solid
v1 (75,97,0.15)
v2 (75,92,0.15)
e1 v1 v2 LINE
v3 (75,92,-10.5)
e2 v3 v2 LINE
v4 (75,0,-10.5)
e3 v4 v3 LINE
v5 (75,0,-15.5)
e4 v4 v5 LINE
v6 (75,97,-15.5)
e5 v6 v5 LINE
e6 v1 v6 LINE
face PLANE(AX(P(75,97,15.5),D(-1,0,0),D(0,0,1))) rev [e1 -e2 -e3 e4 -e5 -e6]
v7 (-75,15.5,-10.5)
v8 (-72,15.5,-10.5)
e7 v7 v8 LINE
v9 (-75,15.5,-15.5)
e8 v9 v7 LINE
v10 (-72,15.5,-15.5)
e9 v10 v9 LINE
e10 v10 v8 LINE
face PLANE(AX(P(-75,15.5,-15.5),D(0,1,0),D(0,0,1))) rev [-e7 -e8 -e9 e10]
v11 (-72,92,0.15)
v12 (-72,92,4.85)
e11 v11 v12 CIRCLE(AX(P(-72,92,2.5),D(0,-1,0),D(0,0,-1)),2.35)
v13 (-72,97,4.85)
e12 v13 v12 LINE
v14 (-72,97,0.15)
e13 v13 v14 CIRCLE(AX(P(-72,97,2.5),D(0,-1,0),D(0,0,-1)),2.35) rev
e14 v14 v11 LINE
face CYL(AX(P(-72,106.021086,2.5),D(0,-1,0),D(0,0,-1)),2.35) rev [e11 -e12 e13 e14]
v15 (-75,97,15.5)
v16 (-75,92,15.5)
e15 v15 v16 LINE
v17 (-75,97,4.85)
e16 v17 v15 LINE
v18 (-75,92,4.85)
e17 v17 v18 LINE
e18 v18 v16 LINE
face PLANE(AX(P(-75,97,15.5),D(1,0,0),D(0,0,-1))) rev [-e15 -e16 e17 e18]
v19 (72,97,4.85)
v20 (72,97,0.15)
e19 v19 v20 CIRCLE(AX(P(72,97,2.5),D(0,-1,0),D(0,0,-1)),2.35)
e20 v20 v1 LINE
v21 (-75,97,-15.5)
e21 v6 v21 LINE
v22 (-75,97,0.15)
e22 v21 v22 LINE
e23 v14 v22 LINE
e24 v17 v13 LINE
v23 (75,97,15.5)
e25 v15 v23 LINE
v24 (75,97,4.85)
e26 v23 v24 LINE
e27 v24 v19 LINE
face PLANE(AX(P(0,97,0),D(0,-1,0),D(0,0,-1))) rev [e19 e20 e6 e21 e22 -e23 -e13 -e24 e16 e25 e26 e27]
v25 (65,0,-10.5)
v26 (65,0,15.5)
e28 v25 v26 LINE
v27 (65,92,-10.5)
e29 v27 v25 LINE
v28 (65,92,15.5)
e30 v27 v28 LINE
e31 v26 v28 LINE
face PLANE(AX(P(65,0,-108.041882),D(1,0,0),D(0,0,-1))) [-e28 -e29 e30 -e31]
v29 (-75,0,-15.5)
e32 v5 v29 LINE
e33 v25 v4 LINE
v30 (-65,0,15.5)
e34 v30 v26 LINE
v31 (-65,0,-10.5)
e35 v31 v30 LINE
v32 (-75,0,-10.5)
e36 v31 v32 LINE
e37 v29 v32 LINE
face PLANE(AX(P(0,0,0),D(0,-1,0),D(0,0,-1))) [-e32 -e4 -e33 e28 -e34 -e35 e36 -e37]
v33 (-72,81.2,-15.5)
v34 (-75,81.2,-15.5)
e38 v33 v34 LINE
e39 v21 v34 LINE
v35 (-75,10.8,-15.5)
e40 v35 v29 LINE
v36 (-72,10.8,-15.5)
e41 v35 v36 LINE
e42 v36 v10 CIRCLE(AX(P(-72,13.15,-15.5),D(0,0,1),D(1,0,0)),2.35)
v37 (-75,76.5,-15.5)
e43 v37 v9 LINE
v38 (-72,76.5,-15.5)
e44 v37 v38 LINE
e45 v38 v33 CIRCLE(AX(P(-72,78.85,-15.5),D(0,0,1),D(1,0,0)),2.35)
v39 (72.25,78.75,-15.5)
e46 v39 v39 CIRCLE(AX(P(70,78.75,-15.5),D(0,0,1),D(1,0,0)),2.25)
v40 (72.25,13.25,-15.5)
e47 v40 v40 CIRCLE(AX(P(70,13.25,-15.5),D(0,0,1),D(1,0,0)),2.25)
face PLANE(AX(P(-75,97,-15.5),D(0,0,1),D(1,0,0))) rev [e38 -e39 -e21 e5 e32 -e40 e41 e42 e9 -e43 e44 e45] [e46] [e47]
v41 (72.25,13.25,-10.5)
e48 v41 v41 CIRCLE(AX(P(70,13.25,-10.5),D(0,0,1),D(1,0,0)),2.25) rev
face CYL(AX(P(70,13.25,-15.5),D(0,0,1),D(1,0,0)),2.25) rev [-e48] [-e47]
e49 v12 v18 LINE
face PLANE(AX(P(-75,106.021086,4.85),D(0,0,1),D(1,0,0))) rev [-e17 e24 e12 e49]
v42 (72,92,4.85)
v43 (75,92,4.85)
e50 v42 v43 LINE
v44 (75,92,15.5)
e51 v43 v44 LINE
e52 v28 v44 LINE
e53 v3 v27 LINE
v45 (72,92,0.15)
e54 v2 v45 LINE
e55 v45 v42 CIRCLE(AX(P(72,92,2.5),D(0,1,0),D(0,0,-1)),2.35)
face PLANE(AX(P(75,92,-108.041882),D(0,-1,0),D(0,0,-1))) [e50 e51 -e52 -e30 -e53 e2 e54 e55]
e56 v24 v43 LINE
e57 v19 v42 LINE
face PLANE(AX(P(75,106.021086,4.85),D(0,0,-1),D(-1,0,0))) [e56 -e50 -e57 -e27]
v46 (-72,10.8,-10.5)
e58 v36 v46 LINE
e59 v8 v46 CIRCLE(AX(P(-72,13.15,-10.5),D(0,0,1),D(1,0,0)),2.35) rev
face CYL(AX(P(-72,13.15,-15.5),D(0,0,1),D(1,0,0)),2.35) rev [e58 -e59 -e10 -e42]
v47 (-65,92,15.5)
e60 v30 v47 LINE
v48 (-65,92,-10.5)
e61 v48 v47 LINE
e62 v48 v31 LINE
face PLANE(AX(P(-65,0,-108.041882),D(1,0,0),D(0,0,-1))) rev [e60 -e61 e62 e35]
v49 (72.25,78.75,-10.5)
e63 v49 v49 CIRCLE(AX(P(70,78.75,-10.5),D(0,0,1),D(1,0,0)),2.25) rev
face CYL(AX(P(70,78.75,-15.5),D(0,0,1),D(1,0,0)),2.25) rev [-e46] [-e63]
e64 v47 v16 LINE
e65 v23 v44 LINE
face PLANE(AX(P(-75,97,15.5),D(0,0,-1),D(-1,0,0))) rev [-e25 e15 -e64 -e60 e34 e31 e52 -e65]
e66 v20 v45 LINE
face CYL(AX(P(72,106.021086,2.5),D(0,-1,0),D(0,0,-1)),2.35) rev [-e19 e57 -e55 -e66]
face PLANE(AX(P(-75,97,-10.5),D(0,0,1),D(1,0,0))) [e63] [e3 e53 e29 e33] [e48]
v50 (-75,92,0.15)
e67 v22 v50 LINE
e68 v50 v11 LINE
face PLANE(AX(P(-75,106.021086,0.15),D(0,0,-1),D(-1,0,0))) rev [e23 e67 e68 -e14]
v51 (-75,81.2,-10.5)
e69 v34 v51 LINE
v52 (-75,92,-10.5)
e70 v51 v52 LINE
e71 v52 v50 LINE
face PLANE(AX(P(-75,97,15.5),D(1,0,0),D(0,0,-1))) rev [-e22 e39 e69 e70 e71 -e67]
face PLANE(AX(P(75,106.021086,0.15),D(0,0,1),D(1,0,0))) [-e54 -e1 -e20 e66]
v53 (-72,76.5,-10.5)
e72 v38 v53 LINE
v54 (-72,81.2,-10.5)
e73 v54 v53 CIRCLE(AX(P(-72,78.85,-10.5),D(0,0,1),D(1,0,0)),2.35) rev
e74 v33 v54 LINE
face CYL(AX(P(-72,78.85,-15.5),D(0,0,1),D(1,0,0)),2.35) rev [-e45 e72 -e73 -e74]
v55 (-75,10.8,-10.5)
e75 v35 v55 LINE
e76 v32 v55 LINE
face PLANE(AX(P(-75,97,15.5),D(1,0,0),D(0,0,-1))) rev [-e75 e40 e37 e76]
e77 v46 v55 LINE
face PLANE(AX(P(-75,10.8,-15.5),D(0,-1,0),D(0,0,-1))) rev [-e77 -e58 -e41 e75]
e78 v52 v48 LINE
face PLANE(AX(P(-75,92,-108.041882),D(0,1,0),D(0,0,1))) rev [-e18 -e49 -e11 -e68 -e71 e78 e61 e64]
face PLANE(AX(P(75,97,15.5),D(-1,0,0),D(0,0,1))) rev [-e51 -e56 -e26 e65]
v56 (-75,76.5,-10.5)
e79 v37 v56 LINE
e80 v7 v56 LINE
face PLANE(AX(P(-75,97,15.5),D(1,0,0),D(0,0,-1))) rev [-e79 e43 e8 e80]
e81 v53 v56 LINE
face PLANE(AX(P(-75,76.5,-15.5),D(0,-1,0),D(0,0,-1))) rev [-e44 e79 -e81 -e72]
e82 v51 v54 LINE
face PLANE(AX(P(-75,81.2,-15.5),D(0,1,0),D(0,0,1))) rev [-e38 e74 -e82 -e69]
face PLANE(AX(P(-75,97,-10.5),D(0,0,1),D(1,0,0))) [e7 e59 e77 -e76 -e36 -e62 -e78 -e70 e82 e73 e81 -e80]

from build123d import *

# Parameters (mm, degrees)
SKETCH_1_W          = 150
SKETCH_1_H          = 31
EXTRUDE_1_DEPTH     = 97
SKETCH_2_R          = 2.25
CUT_EXTRUDE_1_DEPTH = 127.471340627
SKETCH_3_W          = 10
SKETCH_3_H          = 92
CUT_EXTRUDE_2_DEPTH = 26
CUT_EXTRUDE_3_DEPTH = 5


with BuildPart() as part:
    # 草图1 → 凸台-拉伸1 (new body)
    with BuildSketch(Plane(origin=(0, 0, 0), x_dir=(1, 0, 0), z_dir=(0, 1, 0))):
        Rectangle(SKETCH_1_W, SKETCH_1_H)
    extrude(amount=EXTRUDE_1_DEPTH)

    # 草图2 → 切除-拉伸1 (cut, through all)
    with BuildSketch(Plane.XY.offset(15.5)):
        with Locations((70, 13.25)):
            Circle(SKETCH_2_R)
        with Locations((70, 78.75)):
            Circle(SKETCH_2_R)
        with BuildLine():
            Line((-75, 15.5), (-72, 15.5))
            ThreePointArc((-72, 15.5), (-69.65, 13.15), (-72, 10.8))
            Line((-72, 10.8), (-75, 10.8))
            ThreePointArc((-75, 10.8), (-77.35, 13.15), (-75, 15.5))
        make_face()
        with BuildLine():
            Line((-75, 81.2), (-72, 81.2))
            ThreePointArc((-72, 81.2), (-69.65, 78.85), (-72, 76.5))
            Line((-72, 76.5), (-75, 76.5))
            ThreePointArc((-75, 76.5), (-77.35, 78.85), (-75, 81.2))
        make_face()
    extrude(amount=-CUT_EXTRUDE_1_DEPTH, mode=Mode.SUBTRACT)

    # 草图3 → 切除-拉伸2 (cut)
    with BuildSketch(Plane.XY.offset(15.5)):
        with Locations((-70, 46)):
            Rectangle(SKETCH_3_W, SKETCH_3_H)
    cut_extrude_2 = extrude(amount=-CUT_EXTRUDE_2_DEPTH, mode=Mode.SUBTRACT)

    # 镜向1: 切除-拉伸2 across plane
    add(cut_extrude_2.mirror(Plane(origin=(0, 0, 0), x_dir=(0, 0, 1), z_dir=(1, 0, 0))), mode=Mode.SUBTRACT)

    # 草图4 → 切除-拉伸3 (cut)
    with BuildSketch(Plane.XZ.offset(-92)):
        with BuildLine():
            Line((-75, 4.85), (-72, 4.85))
            ThreePointArc((-72, 4.85), (-69.65, 2.5), (-72, 0.15))
            Line((-72, 0.15), (-75, 0.15))
            ThreePointArc((-75, 0.15), (-77.35, 2.5), (-75, 4.85))
        make_face()
    cut_extrude_3 = extrude(amount=-CUT_EXTRUDE_3_DEPTH, mode=Mode.SUBTRACT)

    # 镜向2: 切除-拉伸3 across plane
    add(cut_extrude_3.mirror(Plane(origin=(0, 0, 0), x_dir=(0, 0, 1), z_dir=(1, 0, 0))), mode=Mode.SUBTRACT)


solid = part.part
